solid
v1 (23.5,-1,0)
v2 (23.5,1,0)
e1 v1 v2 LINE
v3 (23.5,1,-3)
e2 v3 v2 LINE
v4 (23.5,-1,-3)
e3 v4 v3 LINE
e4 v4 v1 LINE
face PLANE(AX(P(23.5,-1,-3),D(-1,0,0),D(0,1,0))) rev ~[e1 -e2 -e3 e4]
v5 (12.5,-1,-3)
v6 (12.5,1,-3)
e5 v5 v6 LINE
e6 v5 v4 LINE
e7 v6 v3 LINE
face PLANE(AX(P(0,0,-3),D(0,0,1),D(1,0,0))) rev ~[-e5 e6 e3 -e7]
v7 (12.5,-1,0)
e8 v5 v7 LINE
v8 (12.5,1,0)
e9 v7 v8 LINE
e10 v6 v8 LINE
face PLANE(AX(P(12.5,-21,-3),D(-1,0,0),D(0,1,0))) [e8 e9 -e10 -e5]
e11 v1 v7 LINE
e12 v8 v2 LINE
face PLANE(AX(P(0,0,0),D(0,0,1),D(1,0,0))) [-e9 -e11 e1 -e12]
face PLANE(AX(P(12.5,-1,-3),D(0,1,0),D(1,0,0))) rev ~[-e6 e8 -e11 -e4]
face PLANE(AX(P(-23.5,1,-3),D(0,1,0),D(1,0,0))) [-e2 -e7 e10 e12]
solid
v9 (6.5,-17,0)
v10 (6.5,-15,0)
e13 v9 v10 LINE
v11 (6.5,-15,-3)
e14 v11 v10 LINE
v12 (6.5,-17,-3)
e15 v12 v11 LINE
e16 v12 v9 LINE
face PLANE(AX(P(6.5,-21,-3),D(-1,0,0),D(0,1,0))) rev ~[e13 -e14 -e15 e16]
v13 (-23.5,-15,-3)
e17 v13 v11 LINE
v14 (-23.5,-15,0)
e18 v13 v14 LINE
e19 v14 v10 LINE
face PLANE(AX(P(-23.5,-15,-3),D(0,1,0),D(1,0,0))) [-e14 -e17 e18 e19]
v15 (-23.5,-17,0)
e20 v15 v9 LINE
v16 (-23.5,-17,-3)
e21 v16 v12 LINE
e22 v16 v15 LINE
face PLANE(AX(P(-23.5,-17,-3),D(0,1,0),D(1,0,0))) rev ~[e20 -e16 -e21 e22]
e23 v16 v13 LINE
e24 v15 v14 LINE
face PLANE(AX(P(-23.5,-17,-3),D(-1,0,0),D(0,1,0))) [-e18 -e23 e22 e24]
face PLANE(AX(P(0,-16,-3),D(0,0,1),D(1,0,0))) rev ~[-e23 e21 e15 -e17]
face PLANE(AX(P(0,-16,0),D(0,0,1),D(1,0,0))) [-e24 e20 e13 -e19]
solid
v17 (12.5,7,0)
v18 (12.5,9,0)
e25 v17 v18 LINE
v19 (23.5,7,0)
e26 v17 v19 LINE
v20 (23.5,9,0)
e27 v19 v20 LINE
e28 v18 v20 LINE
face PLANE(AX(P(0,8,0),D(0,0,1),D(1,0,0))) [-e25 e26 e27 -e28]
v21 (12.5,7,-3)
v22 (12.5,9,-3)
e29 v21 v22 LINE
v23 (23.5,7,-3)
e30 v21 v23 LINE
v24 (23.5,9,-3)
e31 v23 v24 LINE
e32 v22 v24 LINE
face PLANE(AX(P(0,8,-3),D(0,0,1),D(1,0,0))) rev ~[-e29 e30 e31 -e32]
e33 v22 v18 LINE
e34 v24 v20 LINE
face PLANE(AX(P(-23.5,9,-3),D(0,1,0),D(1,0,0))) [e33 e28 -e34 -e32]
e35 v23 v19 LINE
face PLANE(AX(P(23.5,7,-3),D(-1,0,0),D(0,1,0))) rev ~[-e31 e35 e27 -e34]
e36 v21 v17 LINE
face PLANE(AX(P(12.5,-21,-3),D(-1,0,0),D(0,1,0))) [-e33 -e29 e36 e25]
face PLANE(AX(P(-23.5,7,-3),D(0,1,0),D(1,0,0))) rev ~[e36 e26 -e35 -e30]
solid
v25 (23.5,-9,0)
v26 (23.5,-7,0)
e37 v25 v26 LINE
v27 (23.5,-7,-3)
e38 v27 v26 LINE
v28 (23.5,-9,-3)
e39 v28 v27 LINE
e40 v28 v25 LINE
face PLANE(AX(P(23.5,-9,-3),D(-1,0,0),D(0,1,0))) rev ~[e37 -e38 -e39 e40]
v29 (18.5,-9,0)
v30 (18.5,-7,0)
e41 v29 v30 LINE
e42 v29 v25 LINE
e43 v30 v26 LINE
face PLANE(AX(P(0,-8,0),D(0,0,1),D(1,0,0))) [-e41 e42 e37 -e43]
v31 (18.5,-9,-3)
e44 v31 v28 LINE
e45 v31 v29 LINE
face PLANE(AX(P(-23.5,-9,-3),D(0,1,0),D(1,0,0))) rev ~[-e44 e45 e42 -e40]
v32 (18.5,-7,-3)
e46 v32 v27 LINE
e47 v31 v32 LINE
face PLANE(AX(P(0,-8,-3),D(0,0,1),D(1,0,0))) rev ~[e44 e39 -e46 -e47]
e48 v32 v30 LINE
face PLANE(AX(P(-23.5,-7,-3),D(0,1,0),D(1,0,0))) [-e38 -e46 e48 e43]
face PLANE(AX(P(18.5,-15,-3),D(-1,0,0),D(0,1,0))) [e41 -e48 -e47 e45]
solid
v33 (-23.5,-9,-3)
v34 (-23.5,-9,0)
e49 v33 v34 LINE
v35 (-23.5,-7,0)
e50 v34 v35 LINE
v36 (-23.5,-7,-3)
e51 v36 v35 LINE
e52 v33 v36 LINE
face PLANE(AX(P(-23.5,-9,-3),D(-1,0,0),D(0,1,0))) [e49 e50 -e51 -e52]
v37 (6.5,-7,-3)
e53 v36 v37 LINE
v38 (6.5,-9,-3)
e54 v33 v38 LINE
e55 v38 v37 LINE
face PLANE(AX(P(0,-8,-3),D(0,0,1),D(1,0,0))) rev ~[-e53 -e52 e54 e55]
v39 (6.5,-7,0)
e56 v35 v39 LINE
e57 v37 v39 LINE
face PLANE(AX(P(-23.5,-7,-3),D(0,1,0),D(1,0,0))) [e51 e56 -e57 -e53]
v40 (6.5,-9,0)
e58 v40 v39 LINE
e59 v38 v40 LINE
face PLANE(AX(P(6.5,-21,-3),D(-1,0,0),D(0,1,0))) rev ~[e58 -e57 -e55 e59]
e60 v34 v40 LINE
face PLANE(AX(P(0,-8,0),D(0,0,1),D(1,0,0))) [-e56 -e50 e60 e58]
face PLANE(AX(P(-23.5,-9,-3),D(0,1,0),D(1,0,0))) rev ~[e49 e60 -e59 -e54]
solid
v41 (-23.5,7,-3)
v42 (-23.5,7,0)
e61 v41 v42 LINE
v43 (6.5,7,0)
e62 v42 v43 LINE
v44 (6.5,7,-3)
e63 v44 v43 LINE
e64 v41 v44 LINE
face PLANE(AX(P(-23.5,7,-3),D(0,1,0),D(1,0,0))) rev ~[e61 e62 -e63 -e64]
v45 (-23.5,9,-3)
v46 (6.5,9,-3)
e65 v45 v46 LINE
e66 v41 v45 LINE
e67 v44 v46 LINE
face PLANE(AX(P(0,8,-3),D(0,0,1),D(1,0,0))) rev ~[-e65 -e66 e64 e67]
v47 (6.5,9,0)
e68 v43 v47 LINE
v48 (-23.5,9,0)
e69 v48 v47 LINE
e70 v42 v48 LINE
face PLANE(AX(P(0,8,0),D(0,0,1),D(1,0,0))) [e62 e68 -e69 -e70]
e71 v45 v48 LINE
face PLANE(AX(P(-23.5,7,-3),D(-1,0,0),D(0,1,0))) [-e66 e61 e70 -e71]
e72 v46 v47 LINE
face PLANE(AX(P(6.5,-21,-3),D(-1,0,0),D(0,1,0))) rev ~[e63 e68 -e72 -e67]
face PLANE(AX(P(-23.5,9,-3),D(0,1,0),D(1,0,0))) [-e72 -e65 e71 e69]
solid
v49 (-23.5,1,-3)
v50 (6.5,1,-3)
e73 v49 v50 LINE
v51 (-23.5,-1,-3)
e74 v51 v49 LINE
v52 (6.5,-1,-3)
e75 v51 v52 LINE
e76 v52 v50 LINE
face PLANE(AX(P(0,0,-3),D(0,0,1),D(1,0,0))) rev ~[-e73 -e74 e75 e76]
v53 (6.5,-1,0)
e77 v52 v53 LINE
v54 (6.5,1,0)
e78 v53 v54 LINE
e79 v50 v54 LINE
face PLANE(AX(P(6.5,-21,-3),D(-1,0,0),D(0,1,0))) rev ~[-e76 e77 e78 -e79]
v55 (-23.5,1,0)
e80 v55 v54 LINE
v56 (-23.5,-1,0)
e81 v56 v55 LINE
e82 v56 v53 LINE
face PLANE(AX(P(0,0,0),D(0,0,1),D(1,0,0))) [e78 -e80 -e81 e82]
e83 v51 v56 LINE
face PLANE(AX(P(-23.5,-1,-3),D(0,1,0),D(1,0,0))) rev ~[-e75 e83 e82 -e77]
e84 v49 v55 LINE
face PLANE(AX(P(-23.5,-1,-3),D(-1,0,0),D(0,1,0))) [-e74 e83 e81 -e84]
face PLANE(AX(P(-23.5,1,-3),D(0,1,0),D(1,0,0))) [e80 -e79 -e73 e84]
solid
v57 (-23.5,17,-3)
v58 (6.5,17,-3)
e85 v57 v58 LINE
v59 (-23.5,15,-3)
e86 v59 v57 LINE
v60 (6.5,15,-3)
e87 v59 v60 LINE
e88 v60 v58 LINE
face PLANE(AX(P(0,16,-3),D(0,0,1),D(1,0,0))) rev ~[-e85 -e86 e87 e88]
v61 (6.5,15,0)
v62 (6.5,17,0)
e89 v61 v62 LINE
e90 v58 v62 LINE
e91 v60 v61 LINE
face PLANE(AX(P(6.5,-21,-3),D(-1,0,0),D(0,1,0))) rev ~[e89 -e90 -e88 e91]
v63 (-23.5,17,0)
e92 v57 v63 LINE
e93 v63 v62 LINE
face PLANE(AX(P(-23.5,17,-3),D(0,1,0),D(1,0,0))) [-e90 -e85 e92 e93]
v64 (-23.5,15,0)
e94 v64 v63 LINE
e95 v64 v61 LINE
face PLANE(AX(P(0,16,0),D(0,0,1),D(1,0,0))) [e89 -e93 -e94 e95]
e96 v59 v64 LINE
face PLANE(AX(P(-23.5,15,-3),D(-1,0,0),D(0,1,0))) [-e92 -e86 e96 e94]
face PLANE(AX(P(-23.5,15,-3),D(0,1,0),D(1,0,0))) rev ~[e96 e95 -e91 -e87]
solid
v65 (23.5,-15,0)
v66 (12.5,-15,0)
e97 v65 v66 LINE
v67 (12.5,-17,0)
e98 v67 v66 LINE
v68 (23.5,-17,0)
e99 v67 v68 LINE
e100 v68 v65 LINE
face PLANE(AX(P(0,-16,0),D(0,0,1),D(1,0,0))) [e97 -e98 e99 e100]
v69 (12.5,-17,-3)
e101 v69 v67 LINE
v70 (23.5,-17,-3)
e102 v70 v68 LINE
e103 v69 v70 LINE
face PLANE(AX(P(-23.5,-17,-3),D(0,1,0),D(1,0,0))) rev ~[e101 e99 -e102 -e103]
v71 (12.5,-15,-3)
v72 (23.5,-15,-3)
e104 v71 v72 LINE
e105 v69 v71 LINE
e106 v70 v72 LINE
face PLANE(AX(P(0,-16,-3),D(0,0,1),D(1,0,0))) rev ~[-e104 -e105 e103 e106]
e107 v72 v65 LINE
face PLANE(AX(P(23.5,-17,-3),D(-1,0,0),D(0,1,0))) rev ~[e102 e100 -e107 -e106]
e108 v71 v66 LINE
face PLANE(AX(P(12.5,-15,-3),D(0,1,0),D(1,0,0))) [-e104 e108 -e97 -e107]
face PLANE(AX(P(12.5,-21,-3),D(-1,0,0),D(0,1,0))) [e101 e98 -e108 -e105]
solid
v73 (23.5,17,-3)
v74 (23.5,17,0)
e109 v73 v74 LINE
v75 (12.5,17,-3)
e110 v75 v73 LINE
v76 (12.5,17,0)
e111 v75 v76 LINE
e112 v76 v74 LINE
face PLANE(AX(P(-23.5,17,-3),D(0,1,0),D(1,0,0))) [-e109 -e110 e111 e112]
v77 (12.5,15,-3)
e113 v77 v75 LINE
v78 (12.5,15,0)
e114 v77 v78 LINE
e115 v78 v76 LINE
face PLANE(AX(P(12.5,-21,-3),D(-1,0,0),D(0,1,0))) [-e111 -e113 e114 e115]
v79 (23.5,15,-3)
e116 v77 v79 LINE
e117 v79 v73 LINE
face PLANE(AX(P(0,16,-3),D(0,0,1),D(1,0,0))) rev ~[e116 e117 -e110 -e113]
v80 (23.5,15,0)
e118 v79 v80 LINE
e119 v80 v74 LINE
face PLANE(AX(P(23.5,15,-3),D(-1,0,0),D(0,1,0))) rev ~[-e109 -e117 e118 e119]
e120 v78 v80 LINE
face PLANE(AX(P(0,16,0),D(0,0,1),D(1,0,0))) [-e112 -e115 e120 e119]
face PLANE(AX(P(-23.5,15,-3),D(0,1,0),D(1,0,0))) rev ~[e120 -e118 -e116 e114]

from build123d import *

# Parameters (mm, degrees)
BOX008_W     = 6
BOX008_H     = 14
BOX008_DEPTH = 3
BOX007_W     = 6
BOX007_H     = 42
BOX007_DEPTH = 3
BOX004_W     = 47
BOX004_H     = 2
BOX004_DEPTH = 3
BOX003_W     = 47
BOX003_H     = 2
BOX003_DEPTH = 3
BOX002_W     = 47
BOX002_H     = 2
BOX002_DEPTH = 3
BOX005_W     = 47
BOX005_H     = 2
BOX005_DEPTH = 3
BOX006_W     = 47
BOX006_H     = 2
BOX006_DEPTH = 3


with BuildPart() as cube008:
    # Box008 → Box008 (new body)
    with BuildSketch(Plane(origin=(12.5, -15, -3), x_dir=(1, 0, 0), z_dir=(0, 0, 1))):
        with Locations((3, 7)):
            Rectangle(BOX008_W, BOX008_H)
    extrude(amount=BOX008_DEPTH)


with BuildPart() as fusion001:
    # Box007 → Box007 (new body)
    with BuildSketch(Plane(origin=(6.5, -21, -3), x_dir=(1, 0, 0), z_dir=(0, 0, 1))):
        with Locations((3, 21)):
            Rectangle(BOX007_W, BOX007_H)
    extrude(amount=BOX007_DEPTH)

    # Fusion001: union Cube008
    add(cube008.part)


with BuildPart() as cube004:
    # Box004 → Box004 (new body)
    with BuildSketch(Plane(origin=(-23.5, -1, -3), x_dir=(1, 0, 0), z_dir=(0, 0, 1))):
        with Locations((23.5, 1)):
            Rectangle(BOX004_W, BOX004_H)
    extrude(amount=BOX004_DEPTH)


with BuildPart() as cube003:
    # Box003 → Box003 (new body)
    with BuildSketch(Plane(origin=(-23.5, -9, -3), x_dir=(1, 0, 0), z_dir=(0, 0, 1))):
        with Locations((23.5, 1)):
            Rectangle(BOX003_W, BOX003_H)
    extrude(amount=BOX003_DEPTH)


with BuildPart() as cube002:
    # Box002 → Box002 (new body)
    with BuildSketch(Plane(origin=(-23.5, -17, -3), x_dir=(1, 0, 0), z_dir=(0, 0, 1))):
        with Locations((23.5, 1)):
            Rectangle(BOX002_W, BOX002_H)
    extrude(amount=BOX002_DEPTH)


with BuildPart() as cube005:
    # Box005 → Box005 (new body)
    with BuildSketch(Plane(origin=(-23.5, 7, -3), x_dir=(1, 0, 0), z_dir=(0, 0, 1))):
        with Locations((23.5, 1)):
            Rectangle(BOX005_W, BOX005_H)
    extrude(amount=BOX005_DEPTH)


with BuildPart() as espaciador:
    # Box006 → Box006 (new body)
    with BuildSketch(Plane(origin=(-23.5, 15, -3), x_dir=(1, 0, 0), z_dir=(0, 0, 1))):
        with Locations((23.5, 1)):
            Rectangle(BOX006_W, BOX006_H)
    extrude(amount=BOX006_DEPTH)

    # Fusion: union Cube004, Cube003, Cube002, Cube005
    add(cube004.part)
    add(cube003.part)
    add(cube002.part)
    add(cube005.part)

    # Cut002: cut Fusion001
    add(fusion001.part, mode=Mode.SUBTRACT)


solid = espaciador.part
